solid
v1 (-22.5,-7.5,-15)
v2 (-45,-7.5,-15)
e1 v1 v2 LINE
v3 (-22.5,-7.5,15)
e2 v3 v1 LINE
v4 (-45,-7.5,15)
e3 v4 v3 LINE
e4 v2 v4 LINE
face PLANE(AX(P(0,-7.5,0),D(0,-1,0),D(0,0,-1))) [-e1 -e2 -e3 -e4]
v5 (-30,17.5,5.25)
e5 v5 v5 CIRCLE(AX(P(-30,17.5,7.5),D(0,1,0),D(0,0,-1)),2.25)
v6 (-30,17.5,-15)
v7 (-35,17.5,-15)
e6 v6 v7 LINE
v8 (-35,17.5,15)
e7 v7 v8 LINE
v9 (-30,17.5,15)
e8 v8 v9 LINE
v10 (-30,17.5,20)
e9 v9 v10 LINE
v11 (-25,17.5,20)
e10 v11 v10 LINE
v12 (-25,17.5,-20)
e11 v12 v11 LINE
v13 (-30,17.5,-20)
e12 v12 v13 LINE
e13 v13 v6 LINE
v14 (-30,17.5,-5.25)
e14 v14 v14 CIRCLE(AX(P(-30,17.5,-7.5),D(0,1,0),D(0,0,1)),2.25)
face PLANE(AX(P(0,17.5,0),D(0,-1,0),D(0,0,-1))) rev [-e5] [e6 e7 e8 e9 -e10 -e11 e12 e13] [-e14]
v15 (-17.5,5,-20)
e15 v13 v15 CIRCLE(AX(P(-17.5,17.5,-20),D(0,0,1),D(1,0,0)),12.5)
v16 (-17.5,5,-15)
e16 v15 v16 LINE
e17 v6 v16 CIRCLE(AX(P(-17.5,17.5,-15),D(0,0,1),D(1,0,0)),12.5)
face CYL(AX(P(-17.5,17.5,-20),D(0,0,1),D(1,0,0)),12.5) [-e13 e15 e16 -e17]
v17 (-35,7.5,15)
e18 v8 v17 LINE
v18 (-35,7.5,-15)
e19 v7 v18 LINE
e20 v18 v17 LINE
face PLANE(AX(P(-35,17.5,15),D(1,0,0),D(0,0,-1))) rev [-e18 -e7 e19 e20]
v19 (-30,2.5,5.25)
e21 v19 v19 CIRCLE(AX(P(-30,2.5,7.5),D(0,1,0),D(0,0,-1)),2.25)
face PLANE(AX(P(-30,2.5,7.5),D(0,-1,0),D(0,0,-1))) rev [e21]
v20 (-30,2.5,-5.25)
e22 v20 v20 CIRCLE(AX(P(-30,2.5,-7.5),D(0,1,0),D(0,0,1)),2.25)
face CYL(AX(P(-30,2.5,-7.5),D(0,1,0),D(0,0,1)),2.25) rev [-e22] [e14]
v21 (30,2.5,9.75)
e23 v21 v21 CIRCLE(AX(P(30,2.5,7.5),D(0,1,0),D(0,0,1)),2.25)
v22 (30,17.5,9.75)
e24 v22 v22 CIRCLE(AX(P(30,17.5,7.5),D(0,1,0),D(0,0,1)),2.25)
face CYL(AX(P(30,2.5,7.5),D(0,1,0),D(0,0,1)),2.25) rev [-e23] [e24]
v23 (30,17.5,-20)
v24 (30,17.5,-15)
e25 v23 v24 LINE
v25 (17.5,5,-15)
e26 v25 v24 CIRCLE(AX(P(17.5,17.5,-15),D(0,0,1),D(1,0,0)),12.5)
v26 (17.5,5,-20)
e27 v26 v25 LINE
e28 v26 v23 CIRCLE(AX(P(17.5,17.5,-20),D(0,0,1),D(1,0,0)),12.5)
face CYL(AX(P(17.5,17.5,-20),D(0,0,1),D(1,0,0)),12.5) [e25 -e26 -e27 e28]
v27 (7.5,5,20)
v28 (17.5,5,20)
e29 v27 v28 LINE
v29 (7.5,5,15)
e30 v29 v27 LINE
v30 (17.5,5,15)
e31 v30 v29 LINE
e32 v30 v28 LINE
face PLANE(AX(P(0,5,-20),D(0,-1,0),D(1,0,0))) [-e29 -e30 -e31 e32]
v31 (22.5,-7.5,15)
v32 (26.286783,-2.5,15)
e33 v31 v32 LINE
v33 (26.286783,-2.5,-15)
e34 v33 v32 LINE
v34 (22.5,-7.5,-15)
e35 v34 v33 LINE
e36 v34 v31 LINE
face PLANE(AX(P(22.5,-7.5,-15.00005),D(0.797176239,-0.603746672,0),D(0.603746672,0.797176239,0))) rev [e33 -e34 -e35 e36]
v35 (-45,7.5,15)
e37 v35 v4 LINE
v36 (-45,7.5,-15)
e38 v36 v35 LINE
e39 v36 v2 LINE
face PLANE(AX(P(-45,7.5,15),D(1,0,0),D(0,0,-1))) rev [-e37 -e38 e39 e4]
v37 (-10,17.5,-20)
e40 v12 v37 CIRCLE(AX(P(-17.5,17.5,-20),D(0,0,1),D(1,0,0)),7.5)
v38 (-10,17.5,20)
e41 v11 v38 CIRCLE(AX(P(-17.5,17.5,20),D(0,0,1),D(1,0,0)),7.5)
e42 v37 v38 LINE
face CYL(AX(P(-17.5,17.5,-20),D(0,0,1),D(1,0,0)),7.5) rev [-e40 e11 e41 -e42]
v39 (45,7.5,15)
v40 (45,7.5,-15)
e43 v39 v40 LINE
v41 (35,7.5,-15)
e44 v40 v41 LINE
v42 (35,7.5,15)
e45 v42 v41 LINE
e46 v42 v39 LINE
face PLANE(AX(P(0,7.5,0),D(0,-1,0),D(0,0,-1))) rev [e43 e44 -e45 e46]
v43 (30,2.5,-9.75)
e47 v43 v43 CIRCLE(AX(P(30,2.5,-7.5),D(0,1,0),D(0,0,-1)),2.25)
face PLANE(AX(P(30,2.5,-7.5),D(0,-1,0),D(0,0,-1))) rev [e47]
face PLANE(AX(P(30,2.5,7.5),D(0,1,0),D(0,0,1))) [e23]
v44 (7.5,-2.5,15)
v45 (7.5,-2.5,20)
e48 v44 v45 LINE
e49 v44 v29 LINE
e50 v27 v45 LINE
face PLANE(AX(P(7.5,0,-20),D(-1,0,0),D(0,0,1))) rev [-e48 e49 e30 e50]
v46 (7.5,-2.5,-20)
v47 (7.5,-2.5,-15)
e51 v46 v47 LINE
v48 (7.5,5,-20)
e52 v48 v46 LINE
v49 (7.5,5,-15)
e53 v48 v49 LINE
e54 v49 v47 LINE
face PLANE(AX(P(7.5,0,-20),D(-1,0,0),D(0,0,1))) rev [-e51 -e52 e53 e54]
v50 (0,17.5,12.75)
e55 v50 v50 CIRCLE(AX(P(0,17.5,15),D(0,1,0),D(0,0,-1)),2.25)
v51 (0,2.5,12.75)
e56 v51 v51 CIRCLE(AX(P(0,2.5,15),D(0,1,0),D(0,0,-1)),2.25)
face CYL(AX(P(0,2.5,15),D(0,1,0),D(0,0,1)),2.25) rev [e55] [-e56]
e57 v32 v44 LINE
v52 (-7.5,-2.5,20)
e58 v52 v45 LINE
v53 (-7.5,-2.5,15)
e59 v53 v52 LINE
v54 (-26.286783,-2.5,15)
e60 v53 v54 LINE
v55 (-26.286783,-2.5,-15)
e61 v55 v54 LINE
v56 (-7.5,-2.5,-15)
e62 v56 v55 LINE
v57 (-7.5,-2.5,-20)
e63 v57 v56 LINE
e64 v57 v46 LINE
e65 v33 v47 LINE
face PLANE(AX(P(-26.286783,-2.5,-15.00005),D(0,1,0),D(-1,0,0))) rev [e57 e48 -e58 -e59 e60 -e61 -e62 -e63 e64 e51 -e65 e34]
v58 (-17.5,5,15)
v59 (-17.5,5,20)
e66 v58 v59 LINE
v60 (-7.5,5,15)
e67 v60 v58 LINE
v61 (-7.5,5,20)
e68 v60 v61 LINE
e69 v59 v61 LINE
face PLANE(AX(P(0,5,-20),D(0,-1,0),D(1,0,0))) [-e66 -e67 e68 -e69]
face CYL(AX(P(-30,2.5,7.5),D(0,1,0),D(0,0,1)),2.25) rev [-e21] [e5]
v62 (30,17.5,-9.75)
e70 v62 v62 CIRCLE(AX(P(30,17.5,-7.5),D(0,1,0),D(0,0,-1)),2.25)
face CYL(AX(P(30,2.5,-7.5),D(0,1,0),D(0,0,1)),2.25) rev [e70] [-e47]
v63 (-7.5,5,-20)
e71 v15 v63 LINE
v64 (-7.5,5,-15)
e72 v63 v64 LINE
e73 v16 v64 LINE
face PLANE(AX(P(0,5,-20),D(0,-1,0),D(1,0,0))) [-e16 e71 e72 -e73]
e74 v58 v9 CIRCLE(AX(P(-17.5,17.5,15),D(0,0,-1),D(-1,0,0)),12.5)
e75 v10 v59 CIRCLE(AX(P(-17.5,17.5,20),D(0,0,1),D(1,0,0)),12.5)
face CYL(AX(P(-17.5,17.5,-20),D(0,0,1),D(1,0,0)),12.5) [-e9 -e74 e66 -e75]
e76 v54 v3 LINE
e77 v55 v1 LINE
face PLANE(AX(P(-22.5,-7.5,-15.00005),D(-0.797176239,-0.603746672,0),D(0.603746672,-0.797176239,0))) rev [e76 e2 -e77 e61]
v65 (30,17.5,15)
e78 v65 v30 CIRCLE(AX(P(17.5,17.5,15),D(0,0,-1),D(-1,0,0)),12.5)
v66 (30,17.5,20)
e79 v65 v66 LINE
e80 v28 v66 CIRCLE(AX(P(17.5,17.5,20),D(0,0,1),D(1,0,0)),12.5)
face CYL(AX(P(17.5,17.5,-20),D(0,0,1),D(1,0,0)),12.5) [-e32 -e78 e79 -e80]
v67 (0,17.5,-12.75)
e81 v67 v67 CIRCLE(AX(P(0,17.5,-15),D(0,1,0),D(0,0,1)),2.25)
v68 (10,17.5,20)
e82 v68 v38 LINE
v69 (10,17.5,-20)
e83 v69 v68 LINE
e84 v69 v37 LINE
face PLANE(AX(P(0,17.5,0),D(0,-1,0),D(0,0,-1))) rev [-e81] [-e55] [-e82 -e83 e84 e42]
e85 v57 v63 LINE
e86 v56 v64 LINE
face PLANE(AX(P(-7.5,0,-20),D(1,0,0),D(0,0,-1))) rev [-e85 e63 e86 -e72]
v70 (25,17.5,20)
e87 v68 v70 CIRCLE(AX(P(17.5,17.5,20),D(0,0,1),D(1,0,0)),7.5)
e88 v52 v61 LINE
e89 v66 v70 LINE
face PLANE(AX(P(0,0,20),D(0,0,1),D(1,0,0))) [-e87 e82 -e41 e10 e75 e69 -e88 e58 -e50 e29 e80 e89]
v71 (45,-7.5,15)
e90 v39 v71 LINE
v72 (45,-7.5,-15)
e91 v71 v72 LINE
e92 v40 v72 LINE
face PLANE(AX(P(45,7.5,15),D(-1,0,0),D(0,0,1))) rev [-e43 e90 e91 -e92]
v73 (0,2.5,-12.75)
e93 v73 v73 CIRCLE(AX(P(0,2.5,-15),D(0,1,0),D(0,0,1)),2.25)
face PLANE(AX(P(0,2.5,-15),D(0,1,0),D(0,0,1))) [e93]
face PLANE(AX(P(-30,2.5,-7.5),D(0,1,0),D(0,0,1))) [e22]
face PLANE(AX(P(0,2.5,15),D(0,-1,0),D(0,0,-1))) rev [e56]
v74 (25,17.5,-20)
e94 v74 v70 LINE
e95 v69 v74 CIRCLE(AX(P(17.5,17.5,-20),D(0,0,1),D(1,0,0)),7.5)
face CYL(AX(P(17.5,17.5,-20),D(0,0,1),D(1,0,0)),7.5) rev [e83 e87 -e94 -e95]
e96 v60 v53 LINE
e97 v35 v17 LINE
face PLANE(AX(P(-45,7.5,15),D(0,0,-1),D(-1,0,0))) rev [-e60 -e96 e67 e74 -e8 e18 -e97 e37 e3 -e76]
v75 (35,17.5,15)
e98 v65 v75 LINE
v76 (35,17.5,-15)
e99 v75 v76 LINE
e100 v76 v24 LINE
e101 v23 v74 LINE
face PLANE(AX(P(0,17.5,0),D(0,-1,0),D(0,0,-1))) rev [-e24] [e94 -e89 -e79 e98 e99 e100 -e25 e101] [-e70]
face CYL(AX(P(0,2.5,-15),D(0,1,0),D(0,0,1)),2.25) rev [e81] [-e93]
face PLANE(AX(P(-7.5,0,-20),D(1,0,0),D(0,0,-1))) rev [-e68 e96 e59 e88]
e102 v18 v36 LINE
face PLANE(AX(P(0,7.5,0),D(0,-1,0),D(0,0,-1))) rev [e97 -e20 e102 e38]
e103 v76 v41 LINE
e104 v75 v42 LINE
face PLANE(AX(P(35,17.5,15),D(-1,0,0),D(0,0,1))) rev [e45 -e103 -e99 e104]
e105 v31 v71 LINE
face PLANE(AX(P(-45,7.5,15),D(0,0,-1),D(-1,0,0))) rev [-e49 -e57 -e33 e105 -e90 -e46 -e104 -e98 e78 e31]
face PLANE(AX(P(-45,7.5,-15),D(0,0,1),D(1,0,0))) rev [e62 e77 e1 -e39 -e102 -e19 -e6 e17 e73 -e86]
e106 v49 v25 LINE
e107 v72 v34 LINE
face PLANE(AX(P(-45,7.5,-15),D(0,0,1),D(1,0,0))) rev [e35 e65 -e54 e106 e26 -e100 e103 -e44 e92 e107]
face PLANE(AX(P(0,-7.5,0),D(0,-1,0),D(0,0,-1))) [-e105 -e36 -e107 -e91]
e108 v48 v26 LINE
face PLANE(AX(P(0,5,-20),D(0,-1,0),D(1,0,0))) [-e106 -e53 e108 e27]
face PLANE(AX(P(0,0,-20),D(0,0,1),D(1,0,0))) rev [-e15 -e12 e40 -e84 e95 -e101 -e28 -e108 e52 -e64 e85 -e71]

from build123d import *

# Parameters (mm, degrees)
SKETCH1_W                = 90
SKETCH1_H                = 30
BOSS_EXTRUDE1_DEPTH      = 7.5
SKETCH2_W                = 70
SKETCH2_H                = 30
BOSS_EXTRUDE2_DEPTH      = 10
CUT_EXTRUDE1_DEPTH       = 31
BOSS_EXTRUDE3_DEPTH      = 5
BOSS_EXTRUDE3_DEPTH_BACK = 35
CUT_EXTRUDE2_DEPTH       = 30
SKETCH7_R                = 2.25
CUT_EXTRUDE3_DEPTH       = 15


with BuildPart() as part:
    # Sketch1 → Boss-Extrude1 (new body, symmetric)
    with BuildSketch(Plane(origin=(0, 0, 0), x_dir=(1, 0, 0), z_dir=(0, 1, 0))):
        Rectangle(SKETCH1_W, SKETCH1_H)
    extrude(amount=BOSS_EXTRUDE1_DEPTH, both=True)

    # Sketch2 → Boss-Extrude2 (add)
    with BuildSketch(Plane(origin=(0, 7.5, 0), x_dir=(1, 0, 0), z_dir=(0, 1, 0))):
        Rectangle(SKETCH2_W, SKETCH2_H)
    extrude(amount=BOSS_EXTRUDE2_DEPTH)

    # Sketch3 → Cut-Extrude1 (cut, through all)
    with BuildSketch(Plane.XY.offset(15)):
        Polygon((-26.286782916, -2.5), (26.286782916, -2.5), (22.5, -7.5), (-22.5, -7.5), align=None)
    extrude(amount=-CUT_EXTRUDE1_DEPTH, mode=Mode.SUBTRACT)

    # Sketch4 → Boss-Extrude3 (add, two sides)
    with BuildSketch(Plane.XY.offset(15)) as boss_extrude3_sk:
        with BuildLine():
            Line((-7.5, 5), (-7.5, -2.5))
            Line((-7.5, -2.5), (7.5, -2.5))
            Line((7.5, -2.5), (7.5, 5))
            Line((7.5, 5), (17.5, 5))
            ThreePointArc((17.5, 5), (26.338834765, 8.661165235), (30, 17.5))
            Line((30, 17.5), (25, 17.5))
            ThreePointArc((25, 17.5), (17.5, 10), (10, 17.5))
            Line((10, 17.5), (-10, 17.5))
            ThreePointArc((-10, 17.5), (-17.5, 10), (-25, 17.5))
            Line((-25, 17.5), (-30, 17.5))
            ThreePointArc((-30, 17.5), (-26.338834765, 8.661165235), (-17.5, 5))
            Line((-17.5, 5), (-7.5, 5))
        make_face()
    extrude(amount=BOSS_EXTRUDE3_DEPTH)
    extrude(boss_extrude3_sk.sketch, amount=-BOSS_EXTRUDE3_DEPTH_BACK)

    # Sketch6 → Cut-Extrude2 (cut)
    with BuildSketch(Plane.XY.offset(15)):
        with BuildLine():
            Line((-25, 17.5), (-10, 17.5))
            ThreePointArc((-10, 17.5), (-17.5, 10), (-25, 17.5))
        make_face()
        with BuildLine():
            Line((10, 17.5), (25, 17.5))
            ThreePointArc((25, 17.5), (17.5, 10), (10, 17.5))
        make_face()
    extrude(amount=-CUT_EXTRUDE2_DEPTH, mode=Mode.SUBTRACT)

    # Sketch7 → Cut-Extrude3 (cut)
    with BuildSketch(Plane(origin=(0, 17.5, 0), x_dir=(1, 0, 0), z_dir=(0, 1, 0))):
        with Locations((0, 15)):
            Circle(SKETCH7_R)
        with Locations((0, -15)):
            Circle(SKETCH7_R)
        with Locations((-30, 7.5)):
            Circle(SKETCH7_R)
        with Locations((-30, -7.5)):
            Circle(SKETCH7_R)
        with Locations((30, -7.5)):
            Circle(SKETCH7_R)
        with Locations((30, 7.5)):
            Circle(SKETCH7_R)
    extrude(amount=-CUT_EXTRUDE3_DEPTH, mode=Mode.SUBTRACT)


solid = part.part
